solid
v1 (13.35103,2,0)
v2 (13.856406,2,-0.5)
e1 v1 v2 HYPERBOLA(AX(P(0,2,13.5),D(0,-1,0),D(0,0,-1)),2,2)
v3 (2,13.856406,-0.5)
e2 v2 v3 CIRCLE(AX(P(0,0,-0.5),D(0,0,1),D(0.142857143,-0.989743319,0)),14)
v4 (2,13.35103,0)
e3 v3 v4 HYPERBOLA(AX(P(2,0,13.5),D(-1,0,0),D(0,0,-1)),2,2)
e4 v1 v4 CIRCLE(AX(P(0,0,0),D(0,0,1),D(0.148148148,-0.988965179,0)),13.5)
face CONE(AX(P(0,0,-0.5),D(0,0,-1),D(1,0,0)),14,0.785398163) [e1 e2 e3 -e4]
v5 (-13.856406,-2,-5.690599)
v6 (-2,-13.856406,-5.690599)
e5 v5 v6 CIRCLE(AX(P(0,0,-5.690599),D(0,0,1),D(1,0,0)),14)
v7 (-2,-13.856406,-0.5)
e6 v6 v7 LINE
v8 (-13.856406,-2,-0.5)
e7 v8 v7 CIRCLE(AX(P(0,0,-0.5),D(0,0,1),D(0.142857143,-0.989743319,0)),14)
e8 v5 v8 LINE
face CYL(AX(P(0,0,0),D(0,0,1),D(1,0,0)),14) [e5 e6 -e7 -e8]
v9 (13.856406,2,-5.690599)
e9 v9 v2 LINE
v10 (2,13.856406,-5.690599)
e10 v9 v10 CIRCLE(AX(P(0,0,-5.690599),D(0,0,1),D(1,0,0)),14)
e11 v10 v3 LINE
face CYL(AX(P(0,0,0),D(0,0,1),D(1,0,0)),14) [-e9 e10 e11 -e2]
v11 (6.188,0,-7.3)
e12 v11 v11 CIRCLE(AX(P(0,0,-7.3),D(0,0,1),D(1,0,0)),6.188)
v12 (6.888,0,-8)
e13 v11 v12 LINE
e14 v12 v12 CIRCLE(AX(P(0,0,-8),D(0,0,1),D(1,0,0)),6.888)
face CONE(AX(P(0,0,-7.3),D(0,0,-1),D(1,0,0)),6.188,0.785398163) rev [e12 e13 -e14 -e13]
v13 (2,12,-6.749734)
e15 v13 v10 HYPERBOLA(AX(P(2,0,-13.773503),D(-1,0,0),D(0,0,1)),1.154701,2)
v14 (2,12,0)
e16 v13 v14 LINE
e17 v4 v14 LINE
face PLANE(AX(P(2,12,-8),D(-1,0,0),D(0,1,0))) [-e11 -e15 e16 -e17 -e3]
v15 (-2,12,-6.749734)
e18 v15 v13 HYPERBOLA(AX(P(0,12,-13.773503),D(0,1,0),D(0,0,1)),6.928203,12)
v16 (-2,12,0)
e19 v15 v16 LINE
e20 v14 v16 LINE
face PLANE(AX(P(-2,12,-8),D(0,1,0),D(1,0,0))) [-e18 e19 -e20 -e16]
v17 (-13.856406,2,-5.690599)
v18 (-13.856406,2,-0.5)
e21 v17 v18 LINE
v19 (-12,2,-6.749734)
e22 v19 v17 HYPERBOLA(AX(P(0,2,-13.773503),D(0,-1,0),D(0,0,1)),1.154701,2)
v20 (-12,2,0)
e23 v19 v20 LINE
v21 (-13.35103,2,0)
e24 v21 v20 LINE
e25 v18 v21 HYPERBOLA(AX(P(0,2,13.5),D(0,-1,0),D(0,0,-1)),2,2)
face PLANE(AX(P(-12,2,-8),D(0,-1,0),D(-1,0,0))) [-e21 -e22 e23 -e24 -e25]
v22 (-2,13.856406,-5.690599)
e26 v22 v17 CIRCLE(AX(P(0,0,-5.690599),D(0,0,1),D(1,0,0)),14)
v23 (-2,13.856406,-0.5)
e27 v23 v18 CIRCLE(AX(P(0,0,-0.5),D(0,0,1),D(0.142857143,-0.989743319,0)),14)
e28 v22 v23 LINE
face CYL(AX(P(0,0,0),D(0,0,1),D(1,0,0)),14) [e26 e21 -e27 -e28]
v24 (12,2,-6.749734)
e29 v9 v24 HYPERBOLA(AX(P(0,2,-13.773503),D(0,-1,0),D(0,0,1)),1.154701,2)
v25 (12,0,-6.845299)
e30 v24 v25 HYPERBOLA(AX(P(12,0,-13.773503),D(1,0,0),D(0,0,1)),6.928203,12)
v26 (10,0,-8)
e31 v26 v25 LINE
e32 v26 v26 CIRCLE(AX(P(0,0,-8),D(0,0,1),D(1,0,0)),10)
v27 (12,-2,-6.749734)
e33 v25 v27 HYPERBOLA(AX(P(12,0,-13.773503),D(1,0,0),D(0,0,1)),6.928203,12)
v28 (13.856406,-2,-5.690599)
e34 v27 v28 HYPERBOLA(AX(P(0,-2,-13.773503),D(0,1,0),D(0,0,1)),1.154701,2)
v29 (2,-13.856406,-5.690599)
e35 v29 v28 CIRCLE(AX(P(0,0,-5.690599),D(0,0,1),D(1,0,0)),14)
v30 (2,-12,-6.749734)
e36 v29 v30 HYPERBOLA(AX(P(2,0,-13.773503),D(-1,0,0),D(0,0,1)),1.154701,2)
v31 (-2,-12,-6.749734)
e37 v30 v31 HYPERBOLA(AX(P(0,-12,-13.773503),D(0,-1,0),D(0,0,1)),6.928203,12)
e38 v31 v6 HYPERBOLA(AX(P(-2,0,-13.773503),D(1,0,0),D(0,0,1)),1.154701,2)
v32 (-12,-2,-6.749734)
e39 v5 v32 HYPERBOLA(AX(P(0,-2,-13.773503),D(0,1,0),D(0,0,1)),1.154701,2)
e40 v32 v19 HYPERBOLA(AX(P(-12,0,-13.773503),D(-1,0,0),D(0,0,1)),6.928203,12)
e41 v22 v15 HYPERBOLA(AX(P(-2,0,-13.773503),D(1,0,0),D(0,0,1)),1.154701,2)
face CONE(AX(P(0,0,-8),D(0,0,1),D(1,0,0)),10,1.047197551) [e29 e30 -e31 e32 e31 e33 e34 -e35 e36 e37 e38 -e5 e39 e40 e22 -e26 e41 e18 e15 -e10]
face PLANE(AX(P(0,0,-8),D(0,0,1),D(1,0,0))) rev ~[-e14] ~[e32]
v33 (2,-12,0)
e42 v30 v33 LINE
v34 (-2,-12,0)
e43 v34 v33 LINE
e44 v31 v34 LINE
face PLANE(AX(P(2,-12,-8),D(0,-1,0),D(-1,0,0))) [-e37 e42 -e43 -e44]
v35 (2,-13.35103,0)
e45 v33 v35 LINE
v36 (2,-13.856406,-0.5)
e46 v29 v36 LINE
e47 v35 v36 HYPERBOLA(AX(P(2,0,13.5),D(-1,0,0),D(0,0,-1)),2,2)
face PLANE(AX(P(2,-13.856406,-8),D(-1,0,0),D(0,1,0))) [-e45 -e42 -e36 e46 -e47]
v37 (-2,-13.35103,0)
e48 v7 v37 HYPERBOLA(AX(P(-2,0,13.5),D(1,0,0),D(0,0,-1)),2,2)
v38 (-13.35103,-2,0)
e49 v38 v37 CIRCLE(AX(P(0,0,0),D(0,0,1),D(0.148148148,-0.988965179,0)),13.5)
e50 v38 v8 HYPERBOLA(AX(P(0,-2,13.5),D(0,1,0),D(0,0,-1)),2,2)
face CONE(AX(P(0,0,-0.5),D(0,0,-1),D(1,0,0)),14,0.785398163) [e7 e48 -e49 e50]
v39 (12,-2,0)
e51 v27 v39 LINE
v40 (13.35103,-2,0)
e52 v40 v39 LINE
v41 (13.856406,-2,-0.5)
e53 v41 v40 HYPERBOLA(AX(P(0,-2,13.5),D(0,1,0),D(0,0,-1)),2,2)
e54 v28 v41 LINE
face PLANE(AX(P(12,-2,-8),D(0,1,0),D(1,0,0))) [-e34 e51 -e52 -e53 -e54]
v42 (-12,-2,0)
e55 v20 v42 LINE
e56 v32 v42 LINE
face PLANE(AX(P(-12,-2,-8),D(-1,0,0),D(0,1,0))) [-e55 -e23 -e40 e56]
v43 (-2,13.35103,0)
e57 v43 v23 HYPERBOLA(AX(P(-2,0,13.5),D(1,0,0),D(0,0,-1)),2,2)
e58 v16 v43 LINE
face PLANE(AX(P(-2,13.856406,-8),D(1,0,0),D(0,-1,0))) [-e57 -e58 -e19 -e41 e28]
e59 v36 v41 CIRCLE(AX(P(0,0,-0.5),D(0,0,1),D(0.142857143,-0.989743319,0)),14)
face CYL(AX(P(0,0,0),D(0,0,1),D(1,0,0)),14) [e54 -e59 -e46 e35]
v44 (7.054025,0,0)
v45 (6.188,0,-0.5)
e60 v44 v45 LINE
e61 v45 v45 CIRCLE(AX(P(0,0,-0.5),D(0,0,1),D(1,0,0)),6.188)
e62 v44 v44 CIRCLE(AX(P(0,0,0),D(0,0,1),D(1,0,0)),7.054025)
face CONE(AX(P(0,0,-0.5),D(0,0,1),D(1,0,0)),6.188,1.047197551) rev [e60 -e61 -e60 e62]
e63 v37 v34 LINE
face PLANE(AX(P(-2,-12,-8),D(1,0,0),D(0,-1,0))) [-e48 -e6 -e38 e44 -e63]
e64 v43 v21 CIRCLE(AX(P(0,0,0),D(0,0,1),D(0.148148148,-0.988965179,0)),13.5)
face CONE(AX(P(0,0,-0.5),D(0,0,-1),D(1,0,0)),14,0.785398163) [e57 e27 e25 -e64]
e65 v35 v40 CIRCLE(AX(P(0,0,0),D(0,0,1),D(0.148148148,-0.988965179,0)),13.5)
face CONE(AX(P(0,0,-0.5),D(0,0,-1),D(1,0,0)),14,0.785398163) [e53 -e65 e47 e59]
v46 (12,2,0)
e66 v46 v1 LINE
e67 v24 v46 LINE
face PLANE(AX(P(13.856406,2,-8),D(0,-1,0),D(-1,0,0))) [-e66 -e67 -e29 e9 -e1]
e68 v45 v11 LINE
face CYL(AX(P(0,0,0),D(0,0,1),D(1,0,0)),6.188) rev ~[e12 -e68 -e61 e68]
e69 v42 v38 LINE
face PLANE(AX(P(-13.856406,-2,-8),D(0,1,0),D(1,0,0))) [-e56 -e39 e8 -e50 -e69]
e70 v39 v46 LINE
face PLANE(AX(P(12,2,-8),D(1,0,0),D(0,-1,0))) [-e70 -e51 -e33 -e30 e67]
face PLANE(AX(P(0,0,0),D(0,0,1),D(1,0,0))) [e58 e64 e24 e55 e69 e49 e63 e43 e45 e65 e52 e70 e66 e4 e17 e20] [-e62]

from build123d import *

# Parameters (mm, degrees)
SKETCH1_R        = 14
SKETCH1_R_2      = 6.188
BASENUT_DEPTH    = 8
CHAMFER1_SIZE    = 0.5
ENDCHAMFER_SIZE  = 0.866025404
ENDCHAMFER_SIZE2 = 0.5
CHAMFER2_SIZE    = 0.7
SLOTCUT_DEPTH    = 27.474268868
SLOTPAT_COUNT    = 4


with BuildPart() as part:
    # Sketch1 → BaseNut (new body)
    with BuildSketch(Plane.XY):
        Circle(SKETCH1_R)
        Circle(SKETCH1_R_2, mode=Mode.SUBTRACT)
    extrude(amount=-BASENUT_DEPTH)

    # Sketch2 → StepCut (revolve, cut)
    with BuildSketch(Plane(origin=(0, 0, 0), x_dir=(1, 0, 0), z_dir=(0, 1, 0)), mode=Mode.PRIVATE) as stepcut_sk:
        Polygon((-14, 8), (-10, 8), (-14, 5.690598923), align=None)
    revolve(stepcut_sk.sketch.rotate(Axis((0, 0, -4.560481664), (0, 0, 1)), 180), axis=Axis((0, 0, -4.560481664), (0, 0, 1)), mode=Mode.SUBTRACT)

    # Chamfer1
    chamfer1_edges = [part.edges().sort_by_distance(p)[0] for p in [
        (-14, 0, 0),
    ]]
    chamfer(chamfer1_edges, length=CHAMFER1_SIZE)

    # EndChamfer
    endchamfer_edges = [part.edges().sort_by_distance(p)[0] for p in [
        (-6.188, 0, 0),
    ]]
    endchamfer_side = [part.faces().sort_by_distance(p)[0] for p in [
        (-13.118162338, 0, 0),
    ]]
    chamfer(endchamfer_edges, length=ENDCHAMFER_SIZE, length2=ENDCHAMFER_SIZE2, reference=endchamfer_side[0])

    # Chamfer2
    chamfer2_edges = [part.edges().sort_by_distance(p)[0] for p in [
        (-6.188, 0, -8),
    ]]
    chamfer(chamfer2_edges, length=CHAMFER2_SIZE)

    # Sketch3 → SlotCut (cut, through all)
    with BuildSketch(Plane(origin=(-3.554280188, 4.131027526, -8), x_dir=(-1, 0, 0), z_dir=(0, 0, -1))):
        with BuildLine():
            Line((-5.554280188, -16.131027526), (-1.554280188, -16.131027526))
            Line((-1.554280188, -16.131027526), (-1.554280188, -17.987433987))
            ThreePointArc((-1.554280188, -17.987433987), (-3.554280188, -18.131027526), (-5.554280188, -17.987433987))
            Line((-5.554280188, -17.987433987), (-5.554280188, -16.131027526))
        make_face()
    slotcut = extrude(amount=-SLOTCUT_DEPTH, mode=Mode.SUBTRACT)

    # SlotPat: SlotCut ×4 about axis
    slotpat_axis = Axis((0, 0, -4.560481664), (0, 0, 1))
    for i in range(1, SLOTPAT_COUNT):
        add(slotcut.rotate(slotpat_axis, i * 360 / SLOTPAT_COUNT), mode=Mode.SUBTRACT)


solid = part.part
